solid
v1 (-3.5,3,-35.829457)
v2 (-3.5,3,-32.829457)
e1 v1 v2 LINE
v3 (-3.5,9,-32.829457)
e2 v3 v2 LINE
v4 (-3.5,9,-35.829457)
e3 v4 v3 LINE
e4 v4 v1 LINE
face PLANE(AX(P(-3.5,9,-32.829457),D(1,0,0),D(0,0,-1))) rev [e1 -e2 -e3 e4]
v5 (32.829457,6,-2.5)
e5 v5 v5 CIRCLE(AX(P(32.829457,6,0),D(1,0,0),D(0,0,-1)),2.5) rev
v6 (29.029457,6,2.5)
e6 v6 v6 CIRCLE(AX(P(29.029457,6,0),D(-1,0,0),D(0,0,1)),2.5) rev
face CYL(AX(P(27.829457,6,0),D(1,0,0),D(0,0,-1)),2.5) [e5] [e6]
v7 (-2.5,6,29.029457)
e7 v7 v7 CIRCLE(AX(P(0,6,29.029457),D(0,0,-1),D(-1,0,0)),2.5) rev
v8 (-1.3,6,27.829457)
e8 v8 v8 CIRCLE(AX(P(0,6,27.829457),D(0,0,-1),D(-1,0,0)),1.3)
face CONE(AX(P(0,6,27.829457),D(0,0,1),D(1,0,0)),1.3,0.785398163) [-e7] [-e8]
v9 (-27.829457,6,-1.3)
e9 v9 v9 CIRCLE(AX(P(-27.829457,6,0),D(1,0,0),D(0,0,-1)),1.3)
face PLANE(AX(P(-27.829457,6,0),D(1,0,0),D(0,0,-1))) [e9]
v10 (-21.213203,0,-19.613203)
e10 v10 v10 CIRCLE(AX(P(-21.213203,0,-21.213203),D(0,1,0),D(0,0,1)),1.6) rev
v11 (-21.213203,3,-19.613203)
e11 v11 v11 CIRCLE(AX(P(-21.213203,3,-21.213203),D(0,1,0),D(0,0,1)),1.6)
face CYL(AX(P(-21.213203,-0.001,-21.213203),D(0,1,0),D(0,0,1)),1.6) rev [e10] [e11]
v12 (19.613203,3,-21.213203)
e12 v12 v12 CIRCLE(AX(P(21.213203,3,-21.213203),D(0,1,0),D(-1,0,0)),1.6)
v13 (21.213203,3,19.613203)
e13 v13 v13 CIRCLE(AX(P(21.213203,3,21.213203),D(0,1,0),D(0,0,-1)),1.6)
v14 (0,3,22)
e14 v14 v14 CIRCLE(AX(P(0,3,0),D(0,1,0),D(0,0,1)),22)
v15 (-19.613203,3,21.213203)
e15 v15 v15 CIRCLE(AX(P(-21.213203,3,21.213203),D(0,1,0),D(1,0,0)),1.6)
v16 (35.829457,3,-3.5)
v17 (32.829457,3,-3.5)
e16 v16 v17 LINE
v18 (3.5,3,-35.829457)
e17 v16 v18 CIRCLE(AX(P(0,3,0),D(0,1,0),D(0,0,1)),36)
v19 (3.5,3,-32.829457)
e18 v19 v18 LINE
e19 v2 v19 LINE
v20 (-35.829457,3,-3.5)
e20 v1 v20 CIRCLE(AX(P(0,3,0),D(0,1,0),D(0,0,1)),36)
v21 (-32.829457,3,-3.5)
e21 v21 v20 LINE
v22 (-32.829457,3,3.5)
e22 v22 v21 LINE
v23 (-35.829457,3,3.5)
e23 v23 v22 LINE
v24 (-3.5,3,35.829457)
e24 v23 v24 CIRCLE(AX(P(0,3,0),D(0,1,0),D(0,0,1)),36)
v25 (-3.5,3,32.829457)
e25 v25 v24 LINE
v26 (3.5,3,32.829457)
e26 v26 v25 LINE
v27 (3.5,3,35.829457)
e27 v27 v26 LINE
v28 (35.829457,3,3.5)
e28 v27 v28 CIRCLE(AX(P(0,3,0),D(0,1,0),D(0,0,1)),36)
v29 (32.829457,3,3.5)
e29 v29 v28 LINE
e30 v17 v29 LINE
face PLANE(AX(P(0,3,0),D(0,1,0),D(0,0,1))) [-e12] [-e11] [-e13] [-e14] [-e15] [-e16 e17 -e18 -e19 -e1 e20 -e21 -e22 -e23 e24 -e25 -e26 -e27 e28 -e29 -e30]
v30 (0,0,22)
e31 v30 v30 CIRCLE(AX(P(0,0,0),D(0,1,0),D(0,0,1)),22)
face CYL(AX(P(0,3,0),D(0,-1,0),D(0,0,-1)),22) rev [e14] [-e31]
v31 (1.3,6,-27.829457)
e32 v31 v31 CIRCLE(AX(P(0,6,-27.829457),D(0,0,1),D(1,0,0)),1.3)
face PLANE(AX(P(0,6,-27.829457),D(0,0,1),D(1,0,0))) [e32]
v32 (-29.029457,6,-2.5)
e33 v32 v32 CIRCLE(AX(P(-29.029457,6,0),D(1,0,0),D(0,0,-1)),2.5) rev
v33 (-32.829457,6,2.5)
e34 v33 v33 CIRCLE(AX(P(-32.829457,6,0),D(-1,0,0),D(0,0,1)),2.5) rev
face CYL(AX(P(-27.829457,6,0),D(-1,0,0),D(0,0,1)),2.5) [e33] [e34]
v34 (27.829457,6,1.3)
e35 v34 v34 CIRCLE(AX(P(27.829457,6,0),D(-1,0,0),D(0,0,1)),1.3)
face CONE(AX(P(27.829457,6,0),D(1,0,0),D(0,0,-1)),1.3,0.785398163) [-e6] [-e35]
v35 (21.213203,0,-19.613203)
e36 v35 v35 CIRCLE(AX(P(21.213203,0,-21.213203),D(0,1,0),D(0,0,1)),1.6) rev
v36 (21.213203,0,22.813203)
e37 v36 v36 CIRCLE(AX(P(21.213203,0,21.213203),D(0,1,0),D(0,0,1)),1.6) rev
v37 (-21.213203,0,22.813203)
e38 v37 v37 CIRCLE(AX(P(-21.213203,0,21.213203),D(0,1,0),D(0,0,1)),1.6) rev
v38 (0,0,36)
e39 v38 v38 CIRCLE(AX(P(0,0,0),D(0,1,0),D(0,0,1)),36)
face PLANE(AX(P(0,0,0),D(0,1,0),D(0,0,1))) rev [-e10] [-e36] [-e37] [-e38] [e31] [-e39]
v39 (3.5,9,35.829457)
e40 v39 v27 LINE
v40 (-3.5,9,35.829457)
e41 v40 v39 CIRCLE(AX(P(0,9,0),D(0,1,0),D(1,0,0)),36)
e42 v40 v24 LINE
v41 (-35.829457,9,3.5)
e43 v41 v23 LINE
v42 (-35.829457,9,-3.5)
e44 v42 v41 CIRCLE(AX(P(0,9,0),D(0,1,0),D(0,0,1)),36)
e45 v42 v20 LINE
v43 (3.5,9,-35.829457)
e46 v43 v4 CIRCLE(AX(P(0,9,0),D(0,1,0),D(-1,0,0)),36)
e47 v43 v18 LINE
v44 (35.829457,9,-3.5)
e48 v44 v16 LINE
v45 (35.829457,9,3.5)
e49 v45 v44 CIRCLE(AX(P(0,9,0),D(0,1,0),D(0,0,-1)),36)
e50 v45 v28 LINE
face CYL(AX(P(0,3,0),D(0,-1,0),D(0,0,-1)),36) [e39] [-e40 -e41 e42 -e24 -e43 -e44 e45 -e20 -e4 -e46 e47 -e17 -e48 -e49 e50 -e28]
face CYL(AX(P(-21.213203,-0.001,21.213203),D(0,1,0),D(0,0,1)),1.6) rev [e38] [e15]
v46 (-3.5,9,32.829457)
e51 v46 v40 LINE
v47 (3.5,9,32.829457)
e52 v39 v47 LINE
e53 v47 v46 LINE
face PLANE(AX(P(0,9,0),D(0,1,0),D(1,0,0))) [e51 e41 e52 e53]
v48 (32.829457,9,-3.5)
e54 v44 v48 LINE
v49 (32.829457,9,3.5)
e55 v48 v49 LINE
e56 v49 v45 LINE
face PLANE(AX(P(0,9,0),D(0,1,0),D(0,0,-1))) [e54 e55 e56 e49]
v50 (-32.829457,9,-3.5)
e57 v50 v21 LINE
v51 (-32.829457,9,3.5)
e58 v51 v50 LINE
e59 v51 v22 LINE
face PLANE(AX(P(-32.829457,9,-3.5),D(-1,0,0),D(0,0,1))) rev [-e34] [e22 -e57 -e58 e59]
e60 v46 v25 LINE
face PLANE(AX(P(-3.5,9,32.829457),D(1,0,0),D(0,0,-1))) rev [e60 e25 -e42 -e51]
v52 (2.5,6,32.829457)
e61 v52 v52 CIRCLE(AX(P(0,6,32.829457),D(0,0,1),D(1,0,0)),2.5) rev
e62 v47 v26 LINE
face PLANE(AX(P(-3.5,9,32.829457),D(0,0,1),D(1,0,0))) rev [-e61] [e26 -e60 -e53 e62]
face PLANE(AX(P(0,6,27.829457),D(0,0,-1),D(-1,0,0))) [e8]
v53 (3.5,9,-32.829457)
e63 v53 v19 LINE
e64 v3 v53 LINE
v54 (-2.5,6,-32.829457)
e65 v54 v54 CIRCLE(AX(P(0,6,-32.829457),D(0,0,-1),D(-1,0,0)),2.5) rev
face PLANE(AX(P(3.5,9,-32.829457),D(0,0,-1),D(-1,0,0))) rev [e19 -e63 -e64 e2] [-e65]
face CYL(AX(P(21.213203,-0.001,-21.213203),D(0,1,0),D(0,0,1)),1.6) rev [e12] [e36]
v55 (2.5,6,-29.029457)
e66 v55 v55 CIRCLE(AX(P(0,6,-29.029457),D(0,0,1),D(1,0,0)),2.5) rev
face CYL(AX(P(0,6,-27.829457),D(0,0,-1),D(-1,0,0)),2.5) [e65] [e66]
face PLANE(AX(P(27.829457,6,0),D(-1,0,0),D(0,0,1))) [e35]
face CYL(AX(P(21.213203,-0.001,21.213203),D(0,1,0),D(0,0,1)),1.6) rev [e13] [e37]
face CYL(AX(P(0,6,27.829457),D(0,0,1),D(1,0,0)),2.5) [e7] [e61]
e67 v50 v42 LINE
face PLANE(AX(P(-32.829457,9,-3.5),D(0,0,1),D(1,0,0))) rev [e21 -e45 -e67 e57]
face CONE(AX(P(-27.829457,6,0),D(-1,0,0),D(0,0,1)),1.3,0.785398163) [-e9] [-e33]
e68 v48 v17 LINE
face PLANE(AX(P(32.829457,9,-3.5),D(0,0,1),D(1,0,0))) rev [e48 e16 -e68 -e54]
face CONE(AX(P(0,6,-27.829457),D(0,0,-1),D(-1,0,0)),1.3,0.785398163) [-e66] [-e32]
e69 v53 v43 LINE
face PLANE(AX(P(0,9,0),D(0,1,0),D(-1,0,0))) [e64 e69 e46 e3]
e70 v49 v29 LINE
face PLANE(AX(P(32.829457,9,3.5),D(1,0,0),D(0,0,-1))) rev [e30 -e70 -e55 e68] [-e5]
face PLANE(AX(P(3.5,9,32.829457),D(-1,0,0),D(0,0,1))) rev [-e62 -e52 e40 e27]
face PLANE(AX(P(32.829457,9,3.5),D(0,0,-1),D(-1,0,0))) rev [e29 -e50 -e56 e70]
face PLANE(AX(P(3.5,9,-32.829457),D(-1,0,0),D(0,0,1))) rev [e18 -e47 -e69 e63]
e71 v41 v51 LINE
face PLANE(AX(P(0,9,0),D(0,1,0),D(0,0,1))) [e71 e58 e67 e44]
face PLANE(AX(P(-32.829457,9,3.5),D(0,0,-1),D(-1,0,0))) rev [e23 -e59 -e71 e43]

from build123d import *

# Parameters (mm, degrees)
SKETCH1_R                    = 36
SKETCH1_R_2                  = 22
BOSS_EXTRUDE1_DEPTH          = 3
BOSS_EXTRUDE2_DEPTH          = 6
SKETCH3_R                    = 2.5
BOSS_EXTRUDE3_DEPTH          = 5
CHAMFER1_SIZE                = 1.2
CIRPATTERN1_COUNT            = 4
CHAMFER1_OF_CIRPATTERN1_SIZE = 1.2
SKETCH4_R                    = 1.6
CUT_EXTRUDE1_DEPTH           = 3
CIRPATTERN2_COUNT            = 4


with BuildPart() as part:
    # Sketch1 → Boss-Extrude1 (new body)
    with BuildSketch(Plane(origin=(0, 0, 0), x_dir=(1, 0, 0), z_dir=(0, 1, 0))):
        Circle(SKETCH1_R)
        Circle(SKETCH1_R_2, mode=Mode.SUBTRACT)
    extrude(amount=BOSS_EXTRUDE1_DEPTH)

    # Sketch2 → Boss-Extrude2 (add)
    with BuildSketch(Plane(origin=(0, 3, 0), x_dir=(1, 0, 0), z_dir=(0, 1, 0))):
        with BuildLine():
            Line((-32.829457155, 3.5), (-35.829457155, 3.5))
            ThreePointArc((-35.829457155, 3.5), (-36, 0), (-35.829457155, -3.5))
            Line((-35.829457155, -3.5), (-32.829457155, -3.5))
            Line((-32.829457155, -3.5), (-32.829457155, 3.5))
        make_face()
    boss_extrude2 = extrude(amount=BOSS_EXTRUDE2_DEPTH)

    # Sketch3 → Boss-Extrude3 (add)
    with BuildSketch(Plane(origin=(-32.829457155, 0, 0), x_dir=(0, 0, -1), z_dir=(1, 0, 0))):
        with Locations((0, 6)):
            Circle(SKETCH3_R)
    boss_extrude3 = extrude(amount=BOSS_EXTRUDE3_DEPTH)

    # Chamfer1
    chamfer1_edges = [part.edges().sort_by_distance(p)[0] for p in [
        (-27.829457155, 6, 2.5),
    ]]
    chamfer(chamfer1_edges, length=CHAMFER1_SIZE)

    # CirPattern1: Boss-Extrude2, Boss-Extrude3 ×4 about axis
    cirpattern1_axis = Axis((0, 0, 0), (0, 1, 0))
    for i in range(1, CIRPATTERN1_COUNT):
        add(boss_extrude2.rotate(cirpattern1_axis, i * 360 / CIRPATTERN1_COUNT))
        add(boss_extrude3.rotate(cirpattern1_axis, i * 360 / CIRPATTERN1_COUNT))

    # Chamfer1 of CirPattern1
    chamfer1_of_cirpattern1_edges = [part.edges().sort_by_distance(p)[0] for p in [
        (2.5, 6, 27.829457155),
        (27.829457155, 6, -2.5),
        (-2.5, 6, -27.829457155),
    ]]
    chamfer(chamfer1_of_cirpattern1_edges, length=CHAMFER1_OF_CIRPATTERN1_SIZE)

    # Sketch4 → Cut-Extrude1 (cut)
    with BuildSketch(Plane(origin=(0, 3, 0), x_dir=(1, 0, 0), z_dir=(0, 1, 0))):
        with Locations((-21.213203436, 21.213203436)):
            Circle(SKETCH4_R)
    cut_extrude1 = extrude(amount=-CUT_EXTRUDE1_DEPTH, mode=Mode.SUBTRACT)

    # CirPattern2: Cut-Extrude1 ×4 about axis
    cirpattern2_axis = Axis((0, 0, 0), (0, 1, 0))
    for i in range(1, CIRPATTERN2_COUNT):
        add(cut_extrude1.rotate(cirpattern2_axis, i * 360 / CIRPATTERN2_COUNT), mode=Mode.SUBTRACT)


solid = part.part
